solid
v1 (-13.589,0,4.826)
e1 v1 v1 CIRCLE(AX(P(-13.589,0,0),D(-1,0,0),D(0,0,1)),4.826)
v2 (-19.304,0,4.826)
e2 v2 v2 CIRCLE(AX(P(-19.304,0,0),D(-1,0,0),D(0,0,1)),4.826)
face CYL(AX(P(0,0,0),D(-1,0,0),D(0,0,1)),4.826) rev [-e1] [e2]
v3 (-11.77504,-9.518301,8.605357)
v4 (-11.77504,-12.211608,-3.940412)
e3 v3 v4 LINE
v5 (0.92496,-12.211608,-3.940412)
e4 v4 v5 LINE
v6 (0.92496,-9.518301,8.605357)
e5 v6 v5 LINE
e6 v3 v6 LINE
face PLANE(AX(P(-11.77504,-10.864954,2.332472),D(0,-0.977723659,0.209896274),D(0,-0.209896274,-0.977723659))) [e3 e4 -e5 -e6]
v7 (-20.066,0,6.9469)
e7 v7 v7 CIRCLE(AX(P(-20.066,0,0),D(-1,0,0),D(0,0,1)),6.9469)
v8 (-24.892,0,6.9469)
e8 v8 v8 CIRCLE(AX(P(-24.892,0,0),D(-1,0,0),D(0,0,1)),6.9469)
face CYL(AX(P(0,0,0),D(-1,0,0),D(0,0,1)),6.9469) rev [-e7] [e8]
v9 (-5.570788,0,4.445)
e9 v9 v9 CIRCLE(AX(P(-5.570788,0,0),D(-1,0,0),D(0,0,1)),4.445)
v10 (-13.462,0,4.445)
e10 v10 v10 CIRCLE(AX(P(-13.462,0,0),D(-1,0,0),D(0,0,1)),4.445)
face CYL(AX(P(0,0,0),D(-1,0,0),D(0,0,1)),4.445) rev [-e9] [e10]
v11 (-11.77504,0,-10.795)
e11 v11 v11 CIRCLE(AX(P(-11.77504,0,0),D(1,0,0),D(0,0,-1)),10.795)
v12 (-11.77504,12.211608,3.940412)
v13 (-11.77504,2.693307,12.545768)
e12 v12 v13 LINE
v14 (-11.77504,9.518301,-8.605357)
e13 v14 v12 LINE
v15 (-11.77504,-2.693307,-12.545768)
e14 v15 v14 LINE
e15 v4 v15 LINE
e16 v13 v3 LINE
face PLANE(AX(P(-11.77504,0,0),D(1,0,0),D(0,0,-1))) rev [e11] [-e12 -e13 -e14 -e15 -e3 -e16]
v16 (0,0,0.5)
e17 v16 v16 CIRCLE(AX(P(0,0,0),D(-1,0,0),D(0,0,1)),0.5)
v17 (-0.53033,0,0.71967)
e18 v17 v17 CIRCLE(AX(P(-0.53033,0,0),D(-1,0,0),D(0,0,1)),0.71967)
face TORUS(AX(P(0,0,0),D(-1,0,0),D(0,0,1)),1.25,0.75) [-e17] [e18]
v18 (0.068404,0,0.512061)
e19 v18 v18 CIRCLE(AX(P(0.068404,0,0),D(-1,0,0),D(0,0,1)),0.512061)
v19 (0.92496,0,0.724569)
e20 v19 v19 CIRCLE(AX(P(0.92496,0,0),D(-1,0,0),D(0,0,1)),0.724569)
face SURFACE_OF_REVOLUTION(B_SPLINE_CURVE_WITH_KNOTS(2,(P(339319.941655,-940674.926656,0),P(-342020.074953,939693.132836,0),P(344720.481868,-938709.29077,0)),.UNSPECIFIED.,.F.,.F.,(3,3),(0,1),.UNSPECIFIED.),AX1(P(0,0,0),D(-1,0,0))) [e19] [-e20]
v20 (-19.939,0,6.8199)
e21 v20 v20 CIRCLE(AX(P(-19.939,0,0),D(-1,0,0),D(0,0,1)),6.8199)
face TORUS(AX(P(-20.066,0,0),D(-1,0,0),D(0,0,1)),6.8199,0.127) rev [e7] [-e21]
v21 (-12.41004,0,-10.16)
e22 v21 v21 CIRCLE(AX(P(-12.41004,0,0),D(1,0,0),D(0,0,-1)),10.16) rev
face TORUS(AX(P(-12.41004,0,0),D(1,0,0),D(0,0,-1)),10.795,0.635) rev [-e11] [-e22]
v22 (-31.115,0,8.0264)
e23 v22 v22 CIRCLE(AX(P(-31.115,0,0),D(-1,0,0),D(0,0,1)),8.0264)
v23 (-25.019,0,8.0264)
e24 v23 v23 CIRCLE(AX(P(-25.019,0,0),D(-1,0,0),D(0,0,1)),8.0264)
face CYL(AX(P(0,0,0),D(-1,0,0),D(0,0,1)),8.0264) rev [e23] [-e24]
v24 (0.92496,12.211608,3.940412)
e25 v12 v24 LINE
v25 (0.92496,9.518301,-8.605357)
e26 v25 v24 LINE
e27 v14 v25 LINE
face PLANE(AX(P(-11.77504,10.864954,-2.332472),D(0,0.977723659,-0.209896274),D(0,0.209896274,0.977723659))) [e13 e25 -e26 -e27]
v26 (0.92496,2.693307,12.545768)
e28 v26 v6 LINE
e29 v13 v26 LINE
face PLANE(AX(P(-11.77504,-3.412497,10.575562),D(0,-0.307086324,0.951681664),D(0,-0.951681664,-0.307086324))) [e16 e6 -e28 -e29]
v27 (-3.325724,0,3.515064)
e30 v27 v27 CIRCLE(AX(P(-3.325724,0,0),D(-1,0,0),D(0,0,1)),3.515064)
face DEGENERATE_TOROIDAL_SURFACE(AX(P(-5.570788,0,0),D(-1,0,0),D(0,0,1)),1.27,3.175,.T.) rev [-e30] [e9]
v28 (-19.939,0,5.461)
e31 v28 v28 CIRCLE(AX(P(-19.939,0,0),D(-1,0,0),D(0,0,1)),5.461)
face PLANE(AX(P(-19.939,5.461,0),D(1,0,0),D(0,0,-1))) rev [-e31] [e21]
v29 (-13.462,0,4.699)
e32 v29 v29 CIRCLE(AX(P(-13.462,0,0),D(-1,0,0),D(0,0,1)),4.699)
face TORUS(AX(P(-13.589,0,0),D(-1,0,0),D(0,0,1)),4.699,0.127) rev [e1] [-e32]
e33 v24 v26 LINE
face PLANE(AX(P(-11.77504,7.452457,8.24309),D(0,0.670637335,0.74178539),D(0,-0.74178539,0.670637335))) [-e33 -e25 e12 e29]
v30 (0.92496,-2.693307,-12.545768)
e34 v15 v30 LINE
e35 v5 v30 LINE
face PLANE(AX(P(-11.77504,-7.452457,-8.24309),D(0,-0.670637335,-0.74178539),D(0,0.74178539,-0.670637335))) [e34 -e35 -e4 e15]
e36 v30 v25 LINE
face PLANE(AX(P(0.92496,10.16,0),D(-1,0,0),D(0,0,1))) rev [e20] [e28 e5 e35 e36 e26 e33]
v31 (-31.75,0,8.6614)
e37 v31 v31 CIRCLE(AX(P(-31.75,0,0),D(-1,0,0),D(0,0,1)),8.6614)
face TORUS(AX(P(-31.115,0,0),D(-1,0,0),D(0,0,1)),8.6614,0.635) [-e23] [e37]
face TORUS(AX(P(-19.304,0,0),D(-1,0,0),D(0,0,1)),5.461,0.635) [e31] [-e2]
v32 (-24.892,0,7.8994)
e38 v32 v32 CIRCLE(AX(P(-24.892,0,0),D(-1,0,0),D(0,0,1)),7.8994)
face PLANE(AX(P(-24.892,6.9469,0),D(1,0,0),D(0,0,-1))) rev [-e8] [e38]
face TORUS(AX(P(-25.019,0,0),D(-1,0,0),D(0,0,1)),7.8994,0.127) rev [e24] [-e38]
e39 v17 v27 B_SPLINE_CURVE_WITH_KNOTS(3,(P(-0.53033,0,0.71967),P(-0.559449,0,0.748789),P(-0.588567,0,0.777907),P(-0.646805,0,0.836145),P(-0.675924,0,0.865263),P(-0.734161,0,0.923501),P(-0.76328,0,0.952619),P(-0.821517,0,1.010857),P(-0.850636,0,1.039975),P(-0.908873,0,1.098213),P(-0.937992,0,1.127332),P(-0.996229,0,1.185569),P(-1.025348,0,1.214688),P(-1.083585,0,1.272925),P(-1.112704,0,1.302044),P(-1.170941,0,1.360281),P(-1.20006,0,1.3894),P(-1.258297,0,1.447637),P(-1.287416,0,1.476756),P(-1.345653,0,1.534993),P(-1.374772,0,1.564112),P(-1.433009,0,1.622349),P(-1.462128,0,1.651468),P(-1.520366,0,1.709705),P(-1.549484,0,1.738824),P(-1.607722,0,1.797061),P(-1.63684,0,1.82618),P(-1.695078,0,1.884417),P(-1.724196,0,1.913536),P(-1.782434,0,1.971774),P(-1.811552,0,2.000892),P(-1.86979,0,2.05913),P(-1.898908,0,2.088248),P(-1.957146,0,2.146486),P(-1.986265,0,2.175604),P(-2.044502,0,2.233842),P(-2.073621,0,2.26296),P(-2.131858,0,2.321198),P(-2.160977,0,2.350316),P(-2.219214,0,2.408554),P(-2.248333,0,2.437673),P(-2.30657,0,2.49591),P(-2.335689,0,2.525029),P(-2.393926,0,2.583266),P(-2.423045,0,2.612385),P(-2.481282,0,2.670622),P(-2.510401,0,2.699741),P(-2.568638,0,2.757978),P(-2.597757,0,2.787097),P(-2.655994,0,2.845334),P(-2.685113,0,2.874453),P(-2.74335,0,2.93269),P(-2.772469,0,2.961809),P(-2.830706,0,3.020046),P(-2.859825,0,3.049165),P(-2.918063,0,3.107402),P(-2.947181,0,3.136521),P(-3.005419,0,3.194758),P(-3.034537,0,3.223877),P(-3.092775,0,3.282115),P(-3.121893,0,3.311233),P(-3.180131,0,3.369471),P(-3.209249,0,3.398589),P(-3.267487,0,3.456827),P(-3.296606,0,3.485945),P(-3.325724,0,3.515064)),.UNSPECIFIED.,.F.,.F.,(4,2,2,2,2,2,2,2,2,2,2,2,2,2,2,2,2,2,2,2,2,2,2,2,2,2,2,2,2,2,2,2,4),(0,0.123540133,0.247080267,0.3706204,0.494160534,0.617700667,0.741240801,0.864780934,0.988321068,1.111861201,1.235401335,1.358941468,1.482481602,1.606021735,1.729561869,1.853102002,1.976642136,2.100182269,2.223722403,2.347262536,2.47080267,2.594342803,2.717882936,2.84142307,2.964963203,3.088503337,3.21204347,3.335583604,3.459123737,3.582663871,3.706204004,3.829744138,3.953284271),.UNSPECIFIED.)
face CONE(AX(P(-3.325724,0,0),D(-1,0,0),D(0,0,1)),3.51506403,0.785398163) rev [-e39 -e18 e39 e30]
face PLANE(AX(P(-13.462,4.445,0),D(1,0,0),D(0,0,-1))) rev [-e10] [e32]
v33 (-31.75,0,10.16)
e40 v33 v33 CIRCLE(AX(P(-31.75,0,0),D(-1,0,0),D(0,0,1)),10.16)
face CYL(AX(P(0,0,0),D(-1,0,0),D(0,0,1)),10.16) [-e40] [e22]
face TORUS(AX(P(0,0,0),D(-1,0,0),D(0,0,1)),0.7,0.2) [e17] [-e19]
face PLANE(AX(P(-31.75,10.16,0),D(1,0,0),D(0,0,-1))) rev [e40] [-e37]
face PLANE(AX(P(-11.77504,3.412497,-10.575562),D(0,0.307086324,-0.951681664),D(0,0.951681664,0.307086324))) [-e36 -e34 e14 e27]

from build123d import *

# Parameters (mm, degrees)
SKETCH4_R           = 10.16
BOSS_EXTRUDE1_DEPTH = 12.7
FILLET1_R           = 0.635


with BuildPart() as part:
    # Sketch1 → Revolve1 (revolve)
    with BuildSketch(Plane.XY, mode=Mode.PRIVATE) as revolve1_sk:
        with BuildLine():
            Line((-0.530330086, 0.719669914), (-3.325724202, 3.51506403))
            ThreePointArc((-3.325724202, 3.51506403), (-4.355768335, 4.203317516), (-5.570788232, 4.445))
            Line((-5.570788232, 4.445), (-13.462, 4.445))
            Line((-13.462, 4.445), (-13.462, 4.699))
            ThreePointArc((-13.462, 4.699), (-13.499197439, 4.788802561), (-13.589, 4.826))
            Line((-13.589, 4.826), (-19.304, 4.826))
            ThreePointArc((-19.304, 4.826), (-19.753012806, 5.011987194), (-19.939, 5.461))
            Line((-19.939, 5.461), (-19.939, 6.8199))
            ThreePointArc((-19.939, 6.8199), (-19.976197439, 6.909702561), (-20.066, 6.9469))
            Line((-20.066, 6.9469), (-24.892, 6.9469))
            Line((-24.892, 6.9469), (-24.892, 7.8994))
            ThreePointArc((-24.892, 7.8994), (-24.929197439, 7.989202561), (-25.019, 8.0264))
            Line((-25.019, 8.0264), (-31.115, 8.0264))
            ThreePointArc((-31.115, 8.0264), (-31.564012806, 8.212387194), (-31.75, 8.6614))
            Line((-31.75, 8.6614), (-31.75, 10.16))
            Line((-31.75, 10.16), (-11.775039932, 10.16))
            Line((-11.775039932, 10.16), (0.924960068, 10.16))
            Line((0.924960068, 10.16), (0.924960068, 0.724568837))
            add(Edge.make_bspline(
                [(0.924960068, 0.724568837), (0.48073231, 0.662136702), (0.068404027, 0.51206148)],
                knots=[0, 0, 0, 1, 1, 1], degree=2))
            ThreePointArc((0.068404027, 0.51206148), (0.034729636, 0.503038449), (0, 0.5))
            ThreePointArc((0, 0.5), (-0.287012574, 0.557090351), (-0.530330086, 0.719669914))
        make_face()
    revolve(revolve1_sk.sketch.rotate(Axis((0, 0, 0), (1, 0, 0)), 90), axis=Axis((0, 0, 0), (1, 0, 0)))

    # Sketch4 → Boss-Extrude1 (add)
    with BuildSketch(Plane(origin=(0.924960068, 0, 0), x_dir=(0, 0, -1), z_dir=(1, 0, 0))):
        Polygon((3.940411868, -12.211607701), (12.545768424, -2.693307071), (8.605356556, 9.51830063), (-3.940411868, 12.211607701), (-12.545768424, 2.693307071), (-8.605356556, -9.51830063), align=None)
        with Locations(Location((0, 0, 0), (0, 0, 180))):
            Circle(SKETCH4_R, mode=Mode.SUBTRACT)
    extrude(amount=-BOSS_EXTRUDE1_DEPTH)

    # Fillet1
    fillet1_edges = [part.edges().sort_by_distance(p)[0] for p in [
        (-11.775039932, 0, -10.16),
    ]]
    fillet(fillet1_edges, radius=FILLET1_R)


solid = part.part
